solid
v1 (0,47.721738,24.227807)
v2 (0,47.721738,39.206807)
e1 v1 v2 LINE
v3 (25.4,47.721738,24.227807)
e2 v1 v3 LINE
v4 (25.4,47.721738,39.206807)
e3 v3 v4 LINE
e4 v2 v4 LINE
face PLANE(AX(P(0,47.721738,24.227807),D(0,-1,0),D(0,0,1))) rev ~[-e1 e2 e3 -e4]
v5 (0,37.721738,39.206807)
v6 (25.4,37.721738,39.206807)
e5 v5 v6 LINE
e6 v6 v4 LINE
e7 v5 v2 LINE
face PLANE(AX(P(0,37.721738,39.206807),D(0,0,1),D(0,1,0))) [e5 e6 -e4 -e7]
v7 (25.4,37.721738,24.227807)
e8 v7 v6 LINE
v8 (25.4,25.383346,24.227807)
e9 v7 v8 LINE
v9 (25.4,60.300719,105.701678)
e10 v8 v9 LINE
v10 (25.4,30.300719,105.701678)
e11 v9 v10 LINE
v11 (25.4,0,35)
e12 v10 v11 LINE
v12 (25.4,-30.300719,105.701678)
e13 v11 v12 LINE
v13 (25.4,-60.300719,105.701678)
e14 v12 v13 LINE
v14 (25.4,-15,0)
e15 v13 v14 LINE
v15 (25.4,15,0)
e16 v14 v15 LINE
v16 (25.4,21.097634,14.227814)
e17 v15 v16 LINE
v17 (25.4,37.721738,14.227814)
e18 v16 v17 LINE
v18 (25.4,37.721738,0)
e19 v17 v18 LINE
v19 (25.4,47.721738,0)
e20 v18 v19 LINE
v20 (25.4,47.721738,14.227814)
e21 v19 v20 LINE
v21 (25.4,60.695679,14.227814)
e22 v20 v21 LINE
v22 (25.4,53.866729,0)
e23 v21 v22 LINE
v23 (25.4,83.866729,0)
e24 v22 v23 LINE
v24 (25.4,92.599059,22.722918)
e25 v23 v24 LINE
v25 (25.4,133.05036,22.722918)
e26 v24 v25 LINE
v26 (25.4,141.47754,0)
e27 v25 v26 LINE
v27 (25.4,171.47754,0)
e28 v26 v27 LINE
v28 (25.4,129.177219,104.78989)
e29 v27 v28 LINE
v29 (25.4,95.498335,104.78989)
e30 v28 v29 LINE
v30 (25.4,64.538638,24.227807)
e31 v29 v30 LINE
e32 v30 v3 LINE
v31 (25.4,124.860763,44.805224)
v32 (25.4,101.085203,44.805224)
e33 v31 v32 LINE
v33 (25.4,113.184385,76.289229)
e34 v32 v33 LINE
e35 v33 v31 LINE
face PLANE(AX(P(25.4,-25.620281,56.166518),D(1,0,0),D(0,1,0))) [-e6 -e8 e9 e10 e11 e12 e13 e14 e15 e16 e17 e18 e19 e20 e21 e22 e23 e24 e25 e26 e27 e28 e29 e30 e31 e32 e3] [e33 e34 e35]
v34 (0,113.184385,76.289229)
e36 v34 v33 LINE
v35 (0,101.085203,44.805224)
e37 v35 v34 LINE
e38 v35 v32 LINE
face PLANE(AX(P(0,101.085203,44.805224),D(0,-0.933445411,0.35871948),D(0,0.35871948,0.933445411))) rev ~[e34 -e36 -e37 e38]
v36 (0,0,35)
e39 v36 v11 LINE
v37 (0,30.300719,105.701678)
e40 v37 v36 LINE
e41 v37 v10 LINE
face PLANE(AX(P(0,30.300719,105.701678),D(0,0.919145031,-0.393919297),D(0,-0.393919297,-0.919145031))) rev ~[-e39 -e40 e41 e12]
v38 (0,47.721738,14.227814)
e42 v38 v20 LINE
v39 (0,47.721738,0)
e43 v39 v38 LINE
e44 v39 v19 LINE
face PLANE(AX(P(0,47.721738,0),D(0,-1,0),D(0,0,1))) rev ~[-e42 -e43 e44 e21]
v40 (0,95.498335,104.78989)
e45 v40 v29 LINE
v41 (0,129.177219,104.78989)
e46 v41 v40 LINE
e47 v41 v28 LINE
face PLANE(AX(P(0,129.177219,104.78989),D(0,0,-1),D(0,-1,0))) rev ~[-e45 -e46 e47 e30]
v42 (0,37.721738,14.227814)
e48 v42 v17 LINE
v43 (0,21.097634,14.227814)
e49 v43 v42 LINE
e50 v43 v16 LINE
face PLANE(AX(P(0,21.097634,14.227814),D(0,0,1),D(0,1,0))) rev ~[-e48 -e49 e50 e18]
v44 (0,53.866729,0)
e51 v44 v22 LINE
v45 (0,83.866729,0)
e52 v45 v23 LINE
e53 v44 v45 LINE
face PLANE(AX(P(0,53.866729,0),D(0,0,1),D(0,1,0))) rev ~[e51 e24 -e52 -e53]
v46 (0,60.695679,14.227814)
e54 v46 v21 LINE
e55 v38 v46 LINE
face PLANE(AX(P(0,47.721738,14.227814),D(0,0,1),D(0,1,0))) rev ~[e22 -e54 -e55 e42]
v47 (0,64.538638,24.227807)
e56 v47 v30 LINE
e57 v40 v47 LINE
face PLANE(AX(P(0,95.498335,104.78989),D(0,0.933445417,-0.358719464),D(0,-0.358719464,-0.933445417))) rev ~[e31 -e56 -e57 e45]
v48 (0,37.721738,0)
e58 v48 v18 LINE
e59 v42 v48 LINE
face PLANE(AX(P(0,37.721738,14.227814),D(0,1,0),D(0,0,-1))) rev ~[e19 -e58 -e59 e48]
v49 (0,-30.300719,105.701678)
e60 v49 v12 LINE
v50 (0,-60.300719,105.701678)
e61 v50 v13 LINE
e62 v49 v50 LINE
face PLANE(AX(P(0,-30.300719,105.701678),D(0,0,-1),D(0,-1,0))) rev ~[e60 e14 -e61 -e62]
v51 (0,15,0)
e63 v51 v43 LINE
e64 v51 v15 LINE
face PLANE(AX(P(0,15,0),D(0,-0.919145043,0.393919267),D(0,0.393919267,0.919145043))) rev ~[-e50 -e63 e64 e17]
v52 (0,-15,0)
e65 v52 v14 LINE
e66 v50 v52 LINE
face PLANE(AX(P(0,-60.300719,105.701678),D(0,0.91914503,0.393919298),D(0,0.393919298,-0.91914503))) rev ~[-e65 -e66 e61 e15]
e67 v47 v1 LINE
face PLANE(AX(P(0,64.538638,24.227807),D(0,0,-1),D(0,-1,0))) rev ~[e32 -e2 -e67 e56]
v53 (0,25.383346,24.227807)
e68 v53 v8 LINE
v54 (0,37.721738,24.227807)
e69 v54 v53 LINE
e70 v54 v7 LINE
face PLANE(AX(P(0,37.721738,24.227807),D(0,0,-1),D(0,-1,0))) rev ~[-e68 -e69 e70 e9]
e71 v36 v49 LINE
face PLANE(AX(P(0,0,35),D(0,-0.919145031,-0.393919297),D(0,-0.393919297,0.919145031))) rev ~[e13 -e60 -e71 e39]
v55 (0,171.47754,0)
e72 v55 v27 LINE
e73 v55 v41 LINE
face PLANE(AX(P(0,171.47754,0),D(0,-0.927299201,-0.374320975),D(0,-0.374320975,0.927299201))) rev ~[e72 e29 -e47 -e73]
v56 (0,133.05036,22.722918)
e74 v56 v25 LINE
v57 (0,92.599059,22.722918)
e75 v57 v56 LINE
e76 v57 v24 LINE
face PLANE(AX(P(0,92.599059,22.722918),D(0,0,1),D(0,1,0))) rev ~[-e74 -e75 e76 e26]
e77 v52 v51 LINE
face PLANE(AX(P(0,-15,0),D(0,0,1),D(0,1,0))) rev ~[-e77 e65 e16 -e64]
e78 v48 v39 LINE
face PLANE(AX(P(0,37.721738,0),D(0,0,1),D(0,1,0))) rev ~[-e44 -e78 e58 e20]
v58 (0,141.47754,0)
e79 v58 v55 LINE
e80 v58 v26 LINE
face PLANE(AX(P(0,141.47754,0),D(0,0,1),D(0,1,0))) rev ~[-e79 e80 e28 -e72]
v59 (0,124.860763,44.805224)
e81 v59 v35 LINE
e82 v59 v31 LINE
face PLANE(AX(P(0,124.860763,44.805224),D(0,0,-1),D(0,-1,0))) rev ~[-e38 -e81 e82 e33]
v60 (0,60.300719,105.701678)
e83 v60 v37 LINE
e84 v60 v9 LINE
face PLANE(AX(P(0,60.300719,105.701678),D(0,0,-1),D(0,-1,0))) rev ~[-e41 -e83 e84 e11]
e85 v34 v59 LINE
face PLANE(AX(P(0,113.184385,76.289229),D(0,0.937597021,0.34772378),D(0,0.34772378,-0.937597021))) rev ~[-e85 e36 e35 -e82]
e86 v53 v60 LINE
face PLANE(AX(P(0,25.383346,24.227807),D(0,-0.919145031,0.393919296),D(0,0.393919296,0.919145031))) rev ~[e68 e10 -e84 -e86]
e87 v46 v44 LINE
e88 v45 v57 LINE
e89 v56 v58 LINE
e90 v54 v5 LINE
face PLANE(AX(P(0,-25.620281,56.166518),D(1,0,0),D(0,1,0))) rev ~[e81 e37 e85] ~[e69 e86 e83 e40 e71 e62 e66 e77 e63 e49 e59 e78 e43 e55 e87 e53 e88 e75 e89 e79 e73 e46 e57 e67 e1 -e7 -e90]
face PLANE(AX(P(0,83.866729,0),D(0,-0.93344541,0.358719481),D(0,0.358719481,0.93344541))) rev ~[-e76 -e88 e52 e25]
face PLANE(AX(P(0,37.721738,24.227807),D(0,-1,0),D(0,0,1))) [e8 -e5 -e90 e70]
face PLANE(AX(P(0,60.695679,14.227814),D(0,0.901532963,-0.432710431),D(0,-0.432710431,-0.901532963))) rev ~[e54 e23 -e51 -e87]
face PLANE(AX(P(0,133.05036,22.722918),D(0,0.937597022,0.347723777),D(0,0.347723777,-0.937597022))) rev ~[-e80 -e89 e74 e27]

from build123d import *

# Parameters (mm, degrees)
F0_W     = 10
F0_H     = 14.979
F1_DEPTH = 25.4


with BuildPart() as f1:
    # F0 (on Right) → F1 (new body)
    with BuildSketch(Plane.YZ):
        Polygon((-15, 0), (0, 0), (0, 35), (-30.300719, 105.701678), (-60.300719, 105.701678), align=None)
        Polygon((0, 35), (0, 0), (15, 0), (21.097634, 14.227814), (25.383346, 24.227807), (60.300719, 105.701678), (30.300719, 105.701678), align=None)
        Polygon((25.383346, 24.227807), (21.097634, 14.227814), (37.721738, 14.227814), (47.721738, 14.227814), (60.695679, 14.227814), (64.538638, 24.227807), (60.383346, 24.227807), (47.721738, 24.227807), (37.721738, 24.227807), align=None)
        Polygon((47.721738, 14.227814), (37.721738, 14.227814), (37.721738, 3.892835), (37.721738, 0), (47.721738, 0), align=None)
        with Locations((42.721738, 31.717307)):
            Rectangle(F0_W, F0_H)
        Polygon((64.538638, 24.227807), (60.695679, 14.227814), (53.866729, 0), (83.866729, 0), (92.599059, 22.722918), (101.085203, 44.805224), (113.184385, 76.289229), (124.860763, 44.805224), (133.05036, 22.722918), (141.47754, 0), (171.47754, 0), (129.177219, 104.78989), (95.498335, 104.78989), align=None)
        Polygon((101.085203, 44.805224), (92.599059, 22.722918), (133.05036, 22.722918), (124.860763, 44.805224), align=None)
    extrude(amount=F1_DEPTH)


solid = f1.part
